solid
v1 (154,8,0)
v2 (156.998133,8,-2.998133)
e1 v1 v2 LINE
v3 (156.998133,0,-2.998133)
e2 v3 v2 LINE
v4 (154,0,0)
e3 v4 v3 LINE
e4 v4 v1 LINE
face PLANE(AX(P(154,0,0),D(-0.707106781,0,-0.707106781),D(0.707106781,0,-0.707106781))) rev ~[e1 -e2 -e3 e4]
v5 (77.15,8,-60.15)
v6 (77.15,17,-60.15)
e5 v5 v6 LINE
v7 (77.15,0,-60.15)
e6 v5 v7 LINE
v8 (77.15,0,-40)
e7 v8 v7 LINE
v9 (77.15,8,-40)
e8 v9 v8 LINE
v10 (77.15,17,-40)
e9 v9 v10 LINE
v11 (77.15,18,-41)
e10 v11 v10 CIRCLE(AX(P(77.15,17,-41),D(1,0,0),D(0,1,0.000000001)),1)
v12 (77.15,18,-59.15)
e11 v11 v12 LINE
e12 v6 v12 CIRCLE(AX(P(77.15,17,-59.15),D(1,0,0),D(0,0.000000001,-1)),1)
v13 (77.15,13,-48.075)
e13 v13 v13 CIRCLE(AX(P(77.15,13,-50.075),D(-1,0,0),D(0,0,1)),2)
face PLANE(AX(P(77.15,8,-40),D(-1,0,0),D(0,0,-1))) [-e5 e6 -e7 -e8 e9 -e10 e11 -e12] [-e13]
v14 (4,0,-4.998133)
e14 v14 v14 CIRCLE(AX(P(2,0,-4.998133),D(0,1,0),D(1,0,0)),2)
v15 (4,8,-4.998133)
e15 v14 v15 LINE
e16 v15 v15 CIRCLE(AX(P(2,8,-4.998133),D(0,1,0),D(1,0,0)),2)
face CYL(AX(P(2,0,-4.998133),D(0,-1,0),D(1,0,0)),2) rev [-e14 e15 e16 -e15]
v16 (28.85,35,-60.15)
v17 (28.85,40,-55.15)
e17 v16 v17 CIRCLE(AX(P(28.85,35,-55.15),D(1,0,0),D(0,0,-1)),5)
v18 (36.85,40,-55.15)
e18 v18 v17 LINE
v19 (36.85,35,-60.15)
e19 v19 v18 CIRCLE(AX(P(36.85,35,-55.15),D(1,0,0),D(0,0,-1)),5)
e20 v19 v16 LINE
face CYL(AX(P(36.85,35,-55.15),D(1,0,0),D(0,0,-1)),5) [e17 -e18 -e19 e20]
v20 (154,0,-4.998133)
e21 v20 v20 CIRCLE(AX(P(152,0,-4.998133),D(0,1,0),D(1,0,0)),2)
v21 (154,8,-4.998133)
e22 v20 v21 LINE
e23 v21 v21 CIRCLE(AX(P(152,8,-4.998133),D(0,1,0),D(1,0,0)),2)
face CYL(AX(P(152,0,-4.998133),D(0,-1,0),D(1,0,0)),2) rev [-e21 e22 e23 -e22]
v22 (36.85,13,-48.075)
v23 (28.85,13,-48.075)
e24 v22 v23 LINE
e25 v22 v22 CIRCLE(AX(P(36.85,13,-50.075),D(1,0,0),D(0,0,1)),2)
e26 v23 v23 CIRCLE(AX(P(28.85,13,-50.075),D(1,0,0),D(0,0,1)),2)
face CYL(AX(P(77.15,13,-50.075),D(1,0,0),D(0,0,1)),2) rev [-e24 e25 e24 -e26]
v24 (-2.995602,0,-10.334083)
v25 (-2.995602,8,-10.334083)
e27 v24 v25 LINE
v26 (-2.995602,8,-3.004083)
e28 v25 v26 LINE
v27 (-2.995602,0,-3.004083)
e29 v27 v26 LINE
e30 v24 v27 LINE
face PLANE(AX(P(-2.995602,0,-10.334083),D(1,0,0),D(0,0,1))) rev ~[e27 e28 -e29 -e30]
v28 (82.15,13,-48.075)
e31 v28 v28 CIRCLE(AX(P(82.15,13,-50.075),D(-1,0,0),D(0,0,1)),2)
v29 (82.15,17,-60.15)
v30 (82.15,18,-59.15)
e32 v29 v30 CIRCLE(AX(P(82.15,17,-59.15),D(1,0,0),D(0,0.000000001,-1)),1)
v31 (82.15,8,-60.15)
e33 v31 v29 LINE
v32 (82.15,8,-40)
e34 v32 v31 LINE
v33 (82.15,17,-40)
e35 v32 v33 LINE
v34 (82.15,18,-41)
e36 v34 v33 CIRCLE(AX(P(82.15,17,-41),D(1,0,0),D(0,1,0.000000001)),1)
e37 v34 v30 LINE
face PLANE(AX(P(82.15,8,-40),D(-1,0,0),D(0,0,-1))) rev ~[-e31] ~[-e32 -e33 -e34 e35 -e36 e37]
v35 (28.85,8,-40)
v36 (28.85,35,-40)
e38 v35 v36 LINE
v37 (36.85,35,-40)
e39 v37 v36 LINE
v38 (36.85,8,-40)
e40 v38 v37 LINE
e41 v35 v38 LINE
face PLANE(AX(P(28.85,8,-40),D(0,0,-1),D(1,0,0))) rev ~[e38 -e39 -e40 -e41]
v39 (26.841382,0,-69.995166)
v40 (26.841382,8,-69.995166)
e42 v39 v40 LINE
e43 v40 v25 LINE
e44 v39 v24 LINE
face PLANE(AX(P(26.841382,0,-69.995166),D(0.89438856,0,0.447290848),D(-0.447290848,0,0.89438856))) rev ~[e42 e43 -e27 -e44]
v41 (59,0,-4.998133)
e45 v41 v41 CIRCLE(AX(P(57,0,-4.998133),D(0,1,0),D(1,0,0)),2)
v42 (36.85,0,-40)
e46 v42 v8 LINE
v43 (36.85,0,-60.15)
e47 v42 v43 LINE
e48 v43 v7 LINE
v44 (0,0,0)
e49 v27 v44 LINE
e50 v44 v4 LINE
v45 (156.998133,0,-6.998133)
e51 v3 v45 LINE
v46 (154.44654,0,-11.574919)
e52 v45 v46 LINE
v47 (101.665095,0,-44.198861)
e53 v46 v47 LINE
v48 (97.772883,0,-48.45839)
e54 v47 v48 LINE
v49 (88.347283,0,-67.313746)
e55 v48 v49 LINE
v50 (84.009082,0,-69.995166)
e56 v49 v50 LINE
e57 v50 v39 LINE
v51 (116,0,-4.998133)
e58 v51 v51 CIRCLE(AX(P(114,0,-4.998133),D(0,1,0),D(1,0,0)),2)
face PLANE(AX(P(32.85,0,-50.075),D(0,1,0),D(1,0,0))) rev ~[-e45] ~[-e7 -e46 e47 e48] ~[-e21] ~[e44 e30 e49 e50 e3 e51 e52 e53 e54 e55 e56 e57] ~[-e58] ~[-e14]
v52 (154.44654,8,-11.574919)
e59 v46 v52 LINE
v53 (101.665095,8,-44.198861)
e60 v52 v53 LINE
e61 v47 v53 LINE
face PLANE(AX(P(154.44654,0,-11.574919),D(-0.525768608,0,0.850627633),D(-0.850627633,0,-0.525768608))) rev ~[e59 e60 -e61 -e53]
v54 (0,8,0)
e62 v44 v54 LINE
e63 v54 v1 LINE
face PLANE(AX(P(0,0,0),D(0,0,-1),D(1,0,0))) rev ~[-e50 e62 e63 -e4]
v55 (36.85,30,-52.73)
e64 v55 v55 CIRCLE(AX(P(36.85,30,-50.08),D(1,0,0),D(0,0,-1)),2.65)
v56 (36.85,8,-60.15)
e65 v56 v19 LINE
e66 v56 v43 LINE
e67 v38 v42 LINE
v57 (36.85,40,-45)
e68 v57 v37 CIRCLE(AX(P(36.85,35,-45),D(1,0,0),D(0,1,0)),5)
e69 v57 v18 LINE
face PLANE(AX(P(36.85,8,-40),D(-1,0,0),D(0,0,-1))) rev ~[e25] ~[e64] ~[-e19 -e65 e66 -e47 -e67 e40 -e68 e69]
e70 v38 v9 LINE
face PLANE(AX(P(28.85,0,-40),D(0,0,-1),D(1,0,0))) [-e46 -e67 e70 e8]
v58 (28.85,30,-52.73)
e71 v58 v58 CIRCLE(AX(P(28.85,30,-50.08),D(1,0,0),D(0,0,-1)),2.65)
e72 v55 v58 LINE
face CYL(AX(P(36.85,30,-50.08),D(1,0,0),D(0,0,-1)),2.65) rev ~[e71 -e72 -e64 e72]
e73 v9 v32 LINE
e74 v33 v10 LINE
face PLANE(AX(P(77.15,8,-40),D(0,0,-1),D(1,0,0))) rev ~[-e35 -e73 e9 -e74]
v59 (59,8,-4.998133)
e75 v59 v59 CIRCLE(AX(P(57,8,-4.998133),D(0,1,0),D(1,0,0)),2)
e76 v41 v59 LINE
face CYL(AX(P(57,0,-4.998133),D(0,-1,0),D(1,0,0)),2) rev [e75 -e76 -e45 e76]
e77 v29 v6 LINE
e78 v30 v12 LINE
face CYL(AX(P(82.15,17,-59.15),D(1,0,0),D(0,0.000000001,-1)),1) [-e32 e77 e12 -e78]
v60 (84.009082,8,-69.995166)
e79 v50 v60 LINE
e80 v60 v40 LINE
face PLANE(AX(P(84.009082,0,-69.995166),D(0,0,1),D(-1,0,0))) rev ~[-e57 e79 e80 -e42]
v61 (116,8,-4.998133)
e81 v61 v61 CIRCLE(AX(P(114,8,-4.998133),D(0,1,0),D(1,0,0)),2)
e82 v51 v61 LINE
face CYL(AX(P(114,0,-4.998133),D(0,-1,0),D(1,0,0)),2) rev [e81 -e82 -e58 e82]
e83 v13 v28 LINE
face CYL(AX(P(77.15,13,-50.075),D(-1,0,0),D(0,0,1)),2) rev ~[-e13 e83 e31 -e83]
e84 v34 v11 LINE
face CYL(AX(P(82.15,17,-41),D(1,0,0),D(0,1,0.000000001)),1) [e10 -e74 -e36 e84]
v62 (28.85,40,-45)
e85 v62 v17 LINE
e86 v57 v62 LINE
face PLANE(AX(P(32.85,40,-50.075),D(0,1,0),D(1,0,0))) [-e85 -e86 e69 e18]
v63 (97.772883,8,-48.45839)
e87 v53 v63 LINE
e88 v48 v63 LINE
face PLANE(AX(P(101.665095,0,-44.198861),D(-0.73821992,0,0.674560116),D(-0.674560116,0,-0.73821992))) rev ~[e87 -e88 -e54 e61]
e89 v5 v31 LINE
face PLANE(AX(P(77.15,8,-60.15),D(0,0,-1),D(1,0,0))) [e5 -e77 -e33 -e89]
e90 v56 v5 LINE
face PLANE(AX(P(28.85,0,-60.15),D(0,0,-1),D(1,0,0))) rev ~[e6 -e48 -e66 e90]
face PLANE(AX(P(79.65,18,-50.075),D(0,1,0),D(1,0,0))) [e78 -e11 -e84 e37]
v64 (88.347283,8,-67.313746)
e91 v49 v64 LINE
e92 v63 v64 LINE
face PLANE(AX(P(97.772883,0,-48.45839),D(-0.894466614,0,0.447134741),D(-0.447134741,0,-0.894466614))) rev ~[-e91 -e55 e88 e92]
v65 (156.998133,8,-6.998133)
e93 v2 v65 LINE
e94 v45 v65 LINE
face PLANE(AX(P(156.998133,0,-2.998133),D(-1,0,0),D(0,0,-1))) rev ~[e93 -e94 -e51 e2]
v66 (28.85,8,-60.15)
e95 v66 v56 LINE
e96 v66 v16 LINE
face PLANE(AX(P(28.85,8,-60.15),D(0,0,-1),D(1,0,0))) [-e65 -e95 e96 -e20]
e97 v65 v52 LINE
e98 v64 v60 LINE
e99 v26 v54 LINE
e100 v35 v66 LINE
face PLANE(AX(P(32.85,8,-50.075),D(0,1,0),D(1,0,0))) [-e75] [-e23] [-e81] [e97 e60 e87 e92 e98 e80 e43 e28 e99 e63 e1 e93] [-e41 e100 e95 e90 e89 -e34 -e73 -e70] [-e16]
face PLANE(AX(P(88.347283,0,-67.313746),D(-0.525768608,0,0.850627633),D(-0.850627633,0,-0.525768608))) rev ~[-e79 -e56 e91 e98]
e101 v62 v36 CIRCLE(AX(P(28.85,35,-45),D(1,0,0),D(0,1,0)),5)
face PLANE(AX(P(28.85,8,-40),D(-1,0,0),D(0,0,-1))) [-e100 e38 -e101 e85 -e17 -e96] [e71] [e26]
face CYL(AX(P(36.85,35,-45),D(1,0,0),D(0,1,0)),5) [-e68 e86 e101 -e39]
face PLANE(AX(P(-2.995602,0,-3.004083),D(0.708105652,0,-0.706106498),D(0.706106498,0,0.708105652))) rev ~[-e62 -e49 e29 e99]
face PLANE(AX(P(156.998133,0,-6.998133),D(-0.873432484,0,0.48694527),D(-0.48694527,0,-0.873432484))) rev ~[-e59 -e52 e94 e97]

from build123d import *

# Parameters (mm, degrees)
CROQUIS1_R              = 2
CROQUIS1_W              = 53.3
CROQUIS1_H              = 20.15
SALIENTE_EXTRUIR1_DEPTH = 8
CROQUIS2_W              = 8
CROQUIS2_H              = 20.15
CROQUIS2_W_2            = 5
SALIENTE_EXTRUIR2_DEPTH = 8
CROQUIS2_4_W            = 5
CROQUIS2_4_H            = 20.15
SALIENTE_EXTRUIR3_DEPTH = 10
CROQUIS2_5_W            = 8
CROQUIS2_5_H            = 20.15
SALIENTE_EXTRUIR4_DEPTH = 32
CROQUIS4_R              = 2
CORTAR_EXTRUIR1_DEPTH   = 32
CORTAR_EXTRUIR2_START   = 74
CROQUIS4_2_R            = 2
CORTAR_EXTRUIR2_DEPTH   = 74
CROQUIS5_R              = 2.65
CORTAR_EXTRUIR3_DEPTH   = 35
CORTAR_EXTRUIR4_DEPTH   = 16
CORTAR_EXTRUIR5_DEPTH   = 16


with BuildPart() as part:
    # Croquis1 → Saliente-Extruir1 (new body)
    with BuildSketch(Plane(origin=(0, 0, 0), x_dir=(1, 0, 0), z_dir=(0, 1, 0))):
        Polygon((154, 0), (156.998132752, 2.998132752), (156.998132752, 6.998132752), (154.446539538, 11.574918968), (101.665094886, 44.198861104), (97.772883017, 48.458390041), (88.347282669, 67.313746258), (84.009081739, 69.99516616), (26.841381739, 69.99516616), (-2.995601596, 10.334082852), (-2.995601596, 3.004082852), (0, 0), align=None)
        with Locations((2, 4.998132752)):
            Circle(CROQUIS1_R, mode=Mode.SUBTRACT)
        with Locations((57, 4.998132752)):
            Circle(CROQUIS1_R, mode=Mode.SUBTRACT)
        with Locations((114, 4.998132752)):
            Circle(CROQUIS1_R, mode=Mode.SUBTRACT)
        with Locations((152, 4.998132752)):
            Circle(CROQUIS1_R, mode=Mode.SUBTRACT)
        with Locations((55.5, 50.075)):
            Rectangle(CROQUIS1_W, CROQUIS1_H, mode=Mode.SUBTRACT)
    extrude(amount=SALIENTE_EXTRUIR1_DEPTH)

    # Croquis2 → Saliente-Extruir2 (add)
    with BuildSketch(Plane(origin=(0, 8, 0), x_dir=(1, 0, 0), z_dir=(0, 1, 0))):
        with Locations((32.85, 50.075)):
            Rectangle(CROQUIS2_W, CROQUIS2_H)
        with Locations((79.65, 50.075)):
            Rectangle(CROQUIS2_W_2, CROQUIS2_H)
    extrude(amount=-SALIENTE_EXTRUIR2_DEPTH)

    # Croquis2<4> → Saliente-Extruir3 (add)
    with BuildSketch(Plane(origin=(0, 8, 0), x_dir=(1, 0, 0), z_dir=(0, 1, 0))):
        with Locations((79.65, 50.075)):
            Rectangle(CROQUIS2_4_W, CROQUIS2_4_H)
    extrude(amount=SALIENTE_EXTRUIR3_DEPTH)

    # Croquis2<5> → Saliente-Extruir4 (add)
    with BuildSketch(Plane(origin=(0, 8, 0), x_dir=(1, 0, 0), z_dir=(0, 1, 0))):
        with Locations((32.85, 50.075)):
            Rectangle(CROQUIS2_5_W, CROQUIS2_5_H)
    extrude(amount=SALIENTE_EXTRUIR4_DEPTH)

    # Croquis4 → Cortar-Extruir1 (cut)
    with BuildSketch(Plane.ZY.offset(-77.15)):
        with Locations((-50.075, 13)):
            Circle(CROQUIS4_R)
    extrude(amount=-CORTAR_EXTRUIR1_DEPTH, mode=Mode.SUBTRACT)

    # Croquis4<2> → Cortar-Extruir2 (cut)
    with BuildSketch(Plane.ZY.offset(-77.15).offset(CORTAR_EXTRUIR2_START)):
        with Locations((-50.075, 13)):
            Circle(CROQUIS4_2_R)
    extrude(amount=-CORTAR_EXTRUIR2_DEPTH, mode=Mode.SUBTRACT)

    # Croquis5 → Cortar-Extruir3 (cut)
    with BuildSketch(Plane(origin=(36.85, 0, 0), x_dir=(0, 0, -1), z_dir=(1, 0, 0))):
        with Locations((50.08, 30)):
            Circle(CROQUIS5_R)
    extrude(amount=-CORTAR_EXTRUIR3_DEPTH, mode=Mode.SUBTRACT)

    # Croquis6 → Cortar-Extruir4 (cut)
    with BuildSketch(Plane(origin=(82.15, 0, 0), x_dir=(0, 0, -1), z_dir=(1, 0, 0))):
        with BuildLine():
            Line((40, 17), (40, 18))
            Line((40, 18), (41, 18))
            ThreePointArc((41, 18), (40.292893219, 17.707106781), (40, 17))
        make_face()
        with BuildLine():
            Line((59.15, 18), (60.15, 18))
            Line((60.15, 18), (60.15, 17))
            ThreePointArc((60.15, 17), (59.857106781, 17.707106781), (59.15, 18))
        make_face()
    extrude(amount=-CORTAR_EXTRUIR4_DEPTH, mode=Mode.SUBTRACT)

    # Croquis7 → Cortar-Extruir5 (cut)
    with BuildSketch(Plane(origin=(36.85, 0, 0), x_dir=(0, 0, -1), z_dir=(1, 0, 0))):
        with BuildLine():
            Line((40, 35), (40, 40))
            Line((40, 40), (45, 40))
            ThreePointArc((45, 40), (41.464466094, 38.535533906), (40, 35))
        make_face()
        with BuildLine():
            Line((55.15, 40), (60.15, 40))
            Line((60.15, 40), (60.15, 35))
            ThreePointArc((60.15, 35), (58.685533906, 38.535533906), (55.15, 40))
        make_face()
    extrude(amount=-CORTAR_EXTRUIR5_DEPTH, mode=Mode.SUBTRACT)


solid = part.part
